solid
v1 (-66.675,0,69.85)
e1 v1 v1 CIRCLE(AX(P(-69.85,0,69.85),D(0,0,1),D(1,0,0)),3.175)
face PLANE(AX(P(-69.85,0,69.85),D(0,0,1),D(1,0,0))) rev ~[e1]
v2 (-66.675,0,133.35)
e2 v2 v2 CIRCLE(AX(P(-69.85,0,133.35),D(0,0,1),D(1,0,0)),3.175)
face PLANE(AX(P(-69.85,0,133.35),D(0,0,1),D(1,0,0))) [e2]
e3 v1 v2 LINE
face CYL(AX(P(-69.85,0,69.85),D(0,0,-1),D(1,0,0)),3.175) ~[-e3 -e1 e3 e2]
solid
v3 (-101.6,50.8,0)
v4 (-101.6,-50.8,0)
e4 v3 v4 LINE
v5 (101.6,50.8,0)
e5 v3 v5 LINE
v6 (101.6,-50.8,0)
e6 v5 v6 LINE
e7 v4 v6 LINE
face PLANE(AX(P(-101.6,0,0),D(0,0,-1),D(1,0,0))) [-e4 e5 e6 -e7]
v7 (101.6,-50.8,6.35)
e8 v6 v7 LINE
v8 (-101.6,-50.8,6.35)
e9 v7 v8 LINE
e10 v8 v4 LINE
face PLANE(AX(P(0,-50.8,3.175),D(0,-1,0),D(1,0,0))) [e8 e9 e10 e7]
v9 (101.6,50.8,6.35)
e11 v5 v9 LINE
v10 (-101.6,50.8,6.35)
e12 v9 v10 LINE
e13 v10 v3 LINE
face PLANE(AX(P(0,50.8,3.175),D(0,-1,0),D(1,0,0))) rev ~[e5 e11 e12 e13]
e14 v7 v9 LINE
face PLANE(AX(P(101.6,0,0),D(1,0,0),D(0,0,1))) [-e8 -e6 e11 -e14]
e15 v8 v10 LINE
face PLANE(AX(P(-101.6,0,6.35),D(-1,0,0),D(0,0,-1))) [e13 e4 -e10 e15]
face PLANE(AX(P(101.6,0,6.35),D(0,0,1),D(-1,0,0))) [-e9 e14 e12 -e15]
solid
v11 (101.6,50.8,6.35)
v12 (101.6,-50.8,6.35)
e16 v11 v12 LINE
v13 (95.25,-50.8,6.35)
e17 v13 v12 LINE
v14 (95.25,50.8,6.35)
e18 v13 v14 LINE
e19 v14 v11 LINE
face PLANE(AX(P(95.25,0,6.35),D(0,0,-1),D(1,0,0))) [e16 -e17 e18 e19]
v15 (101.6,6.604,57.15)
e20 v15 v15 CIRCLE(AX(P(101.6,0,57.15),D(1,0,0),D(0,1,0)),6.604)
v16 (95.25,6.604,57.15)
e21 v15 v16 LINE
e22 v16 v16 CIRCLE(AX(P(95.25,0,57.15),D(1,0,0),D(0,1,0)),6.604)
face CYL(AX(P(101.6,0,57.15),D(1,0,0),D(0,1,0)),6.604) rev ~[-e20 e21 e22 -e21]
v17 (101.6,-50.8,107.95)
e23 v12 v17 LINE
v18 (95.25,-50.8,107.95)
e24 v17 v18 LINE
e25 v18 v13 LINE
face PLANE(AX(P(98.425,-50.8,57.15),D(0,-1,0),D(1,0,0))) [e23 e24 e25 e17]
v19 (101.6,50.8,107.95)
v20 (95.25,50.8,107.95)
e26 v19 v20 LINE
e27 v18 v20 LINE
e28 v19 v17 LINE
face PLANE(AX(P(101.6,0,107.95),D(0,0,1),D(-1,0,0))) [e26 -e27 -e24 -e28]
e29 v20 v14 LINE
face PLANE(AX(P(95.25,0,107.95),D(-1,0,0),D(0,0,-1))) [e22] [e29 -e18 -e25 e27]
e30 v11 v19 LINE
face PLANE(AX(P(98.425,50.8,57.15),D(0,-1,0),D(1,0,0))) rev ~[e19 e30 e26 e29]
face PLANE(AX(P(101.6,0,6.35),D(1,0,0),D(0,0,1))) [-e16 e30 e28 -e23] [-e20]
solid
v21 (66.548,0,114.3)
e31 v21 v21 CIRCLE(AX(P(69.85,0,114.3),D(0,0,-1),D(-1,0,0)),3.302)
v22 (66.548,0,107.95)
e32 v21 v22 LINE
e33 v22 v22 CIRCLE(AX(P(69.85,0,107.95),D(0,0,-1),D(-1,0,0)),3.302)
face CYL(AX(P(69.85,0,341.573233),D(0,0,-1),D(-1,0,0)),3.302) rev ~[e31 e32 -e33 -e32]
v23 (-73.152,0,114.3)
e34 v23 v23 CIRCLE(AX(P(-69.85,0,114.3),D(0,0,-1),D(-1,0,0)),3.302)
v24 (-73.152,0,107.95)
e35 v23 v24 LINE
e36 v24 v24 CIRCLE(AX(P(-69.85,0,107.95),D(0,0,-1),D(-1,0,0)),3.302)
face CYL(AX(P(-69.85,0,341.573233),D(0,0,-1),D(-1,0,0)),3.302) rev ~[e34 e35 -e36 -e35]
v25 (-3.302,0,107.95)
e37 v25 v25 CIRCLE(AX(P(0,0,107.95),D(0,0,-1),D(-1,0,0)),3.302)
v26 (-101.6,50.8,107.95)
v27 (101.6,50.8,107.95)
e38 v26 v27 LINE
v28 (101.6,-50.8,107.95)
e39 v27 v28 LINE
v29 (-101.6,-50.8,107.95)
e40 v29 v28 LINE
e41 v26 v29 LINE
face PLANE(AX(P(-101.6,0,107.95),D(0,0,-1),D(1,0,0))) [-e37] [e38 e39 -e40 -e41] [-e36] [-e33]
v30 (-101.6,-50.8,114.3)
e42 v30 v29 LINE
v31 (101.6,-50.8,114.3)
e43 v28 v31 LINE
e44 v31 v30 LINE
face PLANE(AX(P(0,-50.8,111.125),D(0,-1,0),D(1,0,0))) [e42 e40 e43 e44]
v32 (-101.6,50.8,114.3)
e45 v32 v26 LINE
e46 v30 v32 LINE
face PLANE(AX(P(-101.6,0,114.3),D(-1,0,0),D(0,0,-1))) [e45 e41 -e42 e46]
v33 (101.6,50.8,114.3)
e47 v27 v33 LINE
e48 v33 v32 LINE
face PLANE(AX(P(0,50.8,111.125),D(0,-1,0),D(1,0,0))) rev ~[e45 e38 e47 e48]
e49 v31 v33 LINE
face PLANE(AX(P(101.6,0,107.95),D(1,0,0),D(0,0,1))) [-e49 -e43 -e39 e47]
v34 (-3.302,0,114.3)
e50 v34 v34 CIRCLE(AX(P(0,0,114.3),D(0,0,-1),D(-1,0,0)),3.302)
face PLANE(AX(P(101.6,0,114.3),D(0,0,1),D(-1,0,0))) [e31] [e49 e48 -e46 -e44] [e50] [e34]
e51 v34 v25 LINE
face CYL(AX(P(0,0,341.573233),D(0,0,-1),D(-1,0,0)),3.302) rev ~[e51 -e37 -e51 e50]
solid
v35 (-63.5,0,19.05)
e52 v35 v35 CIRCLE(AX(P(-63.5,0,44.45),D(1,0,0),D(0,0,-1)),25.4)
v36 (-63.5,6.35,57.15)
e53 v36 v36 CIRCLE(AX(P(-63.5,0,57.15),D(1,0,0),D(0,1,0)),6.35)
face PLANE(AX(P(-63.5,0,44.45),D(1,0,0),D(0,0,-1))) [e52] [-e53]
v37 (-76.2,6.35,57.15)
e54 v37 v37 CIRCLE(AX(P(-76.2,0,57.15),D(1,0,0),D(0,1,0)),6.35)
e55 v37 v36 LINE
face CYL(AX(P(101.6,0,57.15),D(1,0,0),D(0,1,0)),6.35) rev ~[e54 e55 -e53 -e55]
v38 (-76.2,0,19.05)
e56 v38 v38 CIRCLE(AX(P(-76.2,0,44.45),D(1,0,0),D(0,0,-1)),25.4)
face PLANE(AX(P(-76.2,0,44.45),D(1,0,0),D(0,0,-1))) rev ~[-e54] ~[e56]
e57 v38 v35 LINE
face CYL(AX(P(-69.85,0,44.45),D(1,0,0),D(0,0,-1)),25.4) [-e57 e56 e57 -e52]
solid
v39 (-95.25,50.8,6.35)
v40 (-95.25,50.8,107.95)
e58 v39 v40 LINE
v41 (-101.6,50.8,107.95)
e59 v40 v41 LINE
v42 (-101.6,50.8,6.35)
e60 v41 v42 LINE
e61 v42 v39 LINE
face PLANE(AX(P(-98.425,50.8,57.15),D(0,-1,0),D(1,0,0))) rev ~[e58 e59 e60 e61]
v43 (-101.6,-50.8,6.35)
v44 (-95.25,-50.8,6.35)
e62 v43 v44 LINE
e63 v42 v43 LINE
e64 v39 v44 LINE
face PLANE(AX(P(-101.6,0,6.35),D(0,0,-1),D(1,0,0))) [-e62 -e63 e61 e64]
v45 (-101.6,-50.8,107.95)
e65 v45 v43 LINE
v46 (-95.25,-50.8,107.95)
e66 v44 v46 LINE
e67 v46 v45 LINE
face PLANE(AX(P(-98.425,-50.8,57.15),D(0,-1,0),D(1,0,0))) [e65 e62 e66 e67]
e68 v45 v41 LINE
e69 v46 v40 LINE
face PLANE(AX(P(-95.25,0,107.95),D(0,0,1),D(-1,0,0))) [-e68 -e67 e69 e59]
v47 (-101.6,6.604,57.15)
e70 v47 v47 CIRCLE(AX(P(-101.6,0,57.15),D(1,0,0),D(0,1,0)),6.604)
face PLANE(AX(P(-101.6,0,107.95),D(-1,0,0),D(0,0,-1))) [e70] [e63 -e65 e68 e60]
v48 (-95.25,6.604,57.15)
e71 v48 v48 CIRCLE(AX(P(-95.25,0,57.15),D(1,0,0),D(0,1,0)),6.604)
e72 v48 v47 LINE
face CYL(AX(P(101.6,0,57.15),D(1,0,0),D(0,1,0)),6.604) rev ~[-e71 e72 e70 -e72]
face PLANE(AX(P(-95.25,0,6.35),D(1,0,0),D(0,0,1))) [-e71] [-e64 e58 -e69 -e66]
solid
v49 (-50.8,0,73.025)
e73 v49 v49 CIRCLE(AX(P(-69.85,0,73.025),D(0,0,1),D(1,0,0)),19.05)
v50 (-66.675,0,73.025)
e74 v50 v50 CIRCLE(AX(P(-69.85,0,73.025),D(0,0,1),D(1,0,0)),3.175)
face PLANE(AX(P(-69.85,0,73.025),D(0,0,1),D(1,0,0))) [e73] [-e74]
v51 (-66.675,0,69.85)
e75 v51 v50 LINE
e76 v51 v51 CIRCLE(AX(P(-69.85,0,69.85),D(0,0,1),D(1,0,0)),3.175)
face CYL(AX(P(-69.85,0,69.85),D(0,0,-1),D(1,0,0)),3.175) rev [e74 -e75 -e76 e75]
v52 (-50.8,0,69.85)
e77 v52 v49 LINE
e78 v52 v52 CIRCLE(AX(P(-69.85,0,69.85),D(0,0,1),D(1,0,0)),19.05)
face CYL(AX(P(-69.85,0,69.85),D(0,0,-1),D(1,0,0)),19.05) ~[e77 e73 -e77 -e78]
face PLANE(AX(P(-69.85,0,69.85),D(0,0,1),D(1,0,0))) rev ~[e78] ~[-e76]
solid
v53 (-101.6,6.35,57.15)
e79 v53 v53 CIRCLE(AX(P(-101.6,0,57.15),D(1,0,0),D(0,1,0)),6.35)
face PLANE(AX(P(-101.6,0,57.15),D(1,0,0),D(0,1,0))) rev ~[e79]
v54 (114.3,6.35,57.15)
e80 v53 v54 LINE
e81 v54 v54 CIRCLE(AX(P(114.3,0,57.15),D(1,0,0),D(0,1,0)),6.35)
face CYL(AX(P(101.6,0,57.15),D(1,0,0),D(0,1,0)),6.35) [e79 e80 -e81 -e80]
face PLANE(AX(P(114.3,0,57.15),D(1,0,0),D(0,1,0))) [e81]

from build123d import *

# Parameters (mm, degrees)
F2_DEPTH      = 50.8
F3_DEPTH      = 50.8
F3_DEPTH_BACK = 50.8
F4_R          = 6.604
F4_R_2        = 6.35
F5_DEPTH      = 203.201
F6_DEPTH      = 12.7
F6_DEPTH_BACK = 203.2
F1_W          = 12.7
F1_H          = 25.4
F10_D         = 6.604
F12_R         = 3.175
F13_DEPTH     = 63.5
F12_R_2       = 19.05
F14_DEPTH     = 3.175


with BuildPart() as f2:
    # F1 (on Front) → F2 (new body, symmetric)
    with BuildSketch(Plane.XZ):
        Polygon((-95.25, 6.35), (-101.6, 6.35), (-101.6, 0), (101.6, 0), (101.6, 6.35), (95.25, 6.35), align=None)
    extrude(amount=F2_DEPTH, both=True)


with BuildPart() as f2b:
    # F1 (on Front) → F2, piece 2 (new body, symmetric)
    with BuildSketch(Plane.XZ):
        Polygon((-101.6, 114.3), (-101.6, 107.95), (-95.25, 107.95), (95.25, 107.95), (101.6, 107.95), (101.6, 114.3), align=None)
    extrude(amount=F2_DEPTH, both=True)

    # F10 (through all)
    with Locations(Plane.XY.offset(114.3)):
        with Locations((-69.85, 0), (0, 0), (69.85, 0)):
            Hole(F10_D / 2)


with BuildPart() as f3:
    # F1 (on Front) → F3 (new body, two sides)
    with BuildSketch(Plane.XZ) as f3_sk:
        Polygon((-101.6, 107.95), (-101.6, 6.35), (-95.25, 6.35), (-95.25, 57.15), (-95.25, 107.95), align=None)
    extrude(amount=F3_DEPTH)
    extrude(f3_sk.sketch, amount=-F3_DEPTH_BACK)


with BuildPart() as f3b:
    # F1 (on Front) → F3, piece 2 (new body, two sides)
    with BuildSketch(Plane.XZ) as f3_2_sk:
        Polygon((95.25, 57.15), (95.25, 6.35), (101.6, 6.35), (101.6, 107.95), (95.25, 107.95), align=None)
    extrude(amount=F3_DEPTH)
    extrude(f3_2_sk.sketch, amount=-F3_DEPTH_BACK)


with BuildPart() as f5_tool:
    # F4 (on face) → F5 (new body, through all)
    with BuildSketch(Plane.YZ.offset(101.6)):
        with Locations((0, 57.15)):
            Circle(F4_R)
        with Locations((0, 57.15)):
            Circle(F4_R_2, mode=Mode.SUBTRACT)
        with Locations((0, 57.15)):
            Circle(F4_R_2)
    extrude(amount=-F5_DEPTH)


with BuildPart() as f3_1:
    add(f3.part)

    # F5: cut by f5_tool
    add(f5_tool.part, mode=Mode.SUBTRACT)


with BuildPart() as f3b_1:
    add(f3b.part)

    # F5: cut by f5_tool
    add(f5_tool.part, mode=Mode.SUBTRACT)


with BuildPart() as f6:
    # F4 (on face) → F6 (new body, two sides)
    with BuildSketch(Plane.YZ.offset(101.6)) as f6_sk:
        with Locations((0, 57.15)):
            Circle(F4_R_2)
    extrude(amount=F6_DEPTH)
    extrude(f6_sk.sketch, amount=-F6_DEPTH_BACK)


with BuildPart() as f7:
    # F1 (on Front) → F7 (revolve)
    with BuildSketch(Plane.XZ):
        with Locations((-69.85, 31.75)):
            Rectangle(F1_W, F1_H)
    revolve(axis=Axis((-69.85, 0, 44.45), (1, 0, 0)))

    # F8: cut F6
    add(f6.part, mode=Mode.SUBTRACT)


with BuildPart() as f13:
    # F12 (on plane+point) → F13 (new body, through all)
    with BuildSketch(Plane.XY.offset(69.85)):
        with Locations((-69.85, 0)):
            Circle(F12_R)
    extrude(amount=F13_DEPTH)


with BuildPart() as f14:
    # F12 (on plane+point) → F14 (new body)
    with BuildSketch(Plane.XY.offset(69.85)):
        with Locations((-69.85, 0)):
            Circle(F12_R_2)
        with Locations((-69.85, 0)):
            Circle(F12_R, mode=Mode.SUBTRACT)
    extrude(amount=F14_DEPTH)


solid = Compound([f2.part, f2b.part, f3_1.part, f3b_1.part, f6.part, f7.part, f13.part, f14.part])
